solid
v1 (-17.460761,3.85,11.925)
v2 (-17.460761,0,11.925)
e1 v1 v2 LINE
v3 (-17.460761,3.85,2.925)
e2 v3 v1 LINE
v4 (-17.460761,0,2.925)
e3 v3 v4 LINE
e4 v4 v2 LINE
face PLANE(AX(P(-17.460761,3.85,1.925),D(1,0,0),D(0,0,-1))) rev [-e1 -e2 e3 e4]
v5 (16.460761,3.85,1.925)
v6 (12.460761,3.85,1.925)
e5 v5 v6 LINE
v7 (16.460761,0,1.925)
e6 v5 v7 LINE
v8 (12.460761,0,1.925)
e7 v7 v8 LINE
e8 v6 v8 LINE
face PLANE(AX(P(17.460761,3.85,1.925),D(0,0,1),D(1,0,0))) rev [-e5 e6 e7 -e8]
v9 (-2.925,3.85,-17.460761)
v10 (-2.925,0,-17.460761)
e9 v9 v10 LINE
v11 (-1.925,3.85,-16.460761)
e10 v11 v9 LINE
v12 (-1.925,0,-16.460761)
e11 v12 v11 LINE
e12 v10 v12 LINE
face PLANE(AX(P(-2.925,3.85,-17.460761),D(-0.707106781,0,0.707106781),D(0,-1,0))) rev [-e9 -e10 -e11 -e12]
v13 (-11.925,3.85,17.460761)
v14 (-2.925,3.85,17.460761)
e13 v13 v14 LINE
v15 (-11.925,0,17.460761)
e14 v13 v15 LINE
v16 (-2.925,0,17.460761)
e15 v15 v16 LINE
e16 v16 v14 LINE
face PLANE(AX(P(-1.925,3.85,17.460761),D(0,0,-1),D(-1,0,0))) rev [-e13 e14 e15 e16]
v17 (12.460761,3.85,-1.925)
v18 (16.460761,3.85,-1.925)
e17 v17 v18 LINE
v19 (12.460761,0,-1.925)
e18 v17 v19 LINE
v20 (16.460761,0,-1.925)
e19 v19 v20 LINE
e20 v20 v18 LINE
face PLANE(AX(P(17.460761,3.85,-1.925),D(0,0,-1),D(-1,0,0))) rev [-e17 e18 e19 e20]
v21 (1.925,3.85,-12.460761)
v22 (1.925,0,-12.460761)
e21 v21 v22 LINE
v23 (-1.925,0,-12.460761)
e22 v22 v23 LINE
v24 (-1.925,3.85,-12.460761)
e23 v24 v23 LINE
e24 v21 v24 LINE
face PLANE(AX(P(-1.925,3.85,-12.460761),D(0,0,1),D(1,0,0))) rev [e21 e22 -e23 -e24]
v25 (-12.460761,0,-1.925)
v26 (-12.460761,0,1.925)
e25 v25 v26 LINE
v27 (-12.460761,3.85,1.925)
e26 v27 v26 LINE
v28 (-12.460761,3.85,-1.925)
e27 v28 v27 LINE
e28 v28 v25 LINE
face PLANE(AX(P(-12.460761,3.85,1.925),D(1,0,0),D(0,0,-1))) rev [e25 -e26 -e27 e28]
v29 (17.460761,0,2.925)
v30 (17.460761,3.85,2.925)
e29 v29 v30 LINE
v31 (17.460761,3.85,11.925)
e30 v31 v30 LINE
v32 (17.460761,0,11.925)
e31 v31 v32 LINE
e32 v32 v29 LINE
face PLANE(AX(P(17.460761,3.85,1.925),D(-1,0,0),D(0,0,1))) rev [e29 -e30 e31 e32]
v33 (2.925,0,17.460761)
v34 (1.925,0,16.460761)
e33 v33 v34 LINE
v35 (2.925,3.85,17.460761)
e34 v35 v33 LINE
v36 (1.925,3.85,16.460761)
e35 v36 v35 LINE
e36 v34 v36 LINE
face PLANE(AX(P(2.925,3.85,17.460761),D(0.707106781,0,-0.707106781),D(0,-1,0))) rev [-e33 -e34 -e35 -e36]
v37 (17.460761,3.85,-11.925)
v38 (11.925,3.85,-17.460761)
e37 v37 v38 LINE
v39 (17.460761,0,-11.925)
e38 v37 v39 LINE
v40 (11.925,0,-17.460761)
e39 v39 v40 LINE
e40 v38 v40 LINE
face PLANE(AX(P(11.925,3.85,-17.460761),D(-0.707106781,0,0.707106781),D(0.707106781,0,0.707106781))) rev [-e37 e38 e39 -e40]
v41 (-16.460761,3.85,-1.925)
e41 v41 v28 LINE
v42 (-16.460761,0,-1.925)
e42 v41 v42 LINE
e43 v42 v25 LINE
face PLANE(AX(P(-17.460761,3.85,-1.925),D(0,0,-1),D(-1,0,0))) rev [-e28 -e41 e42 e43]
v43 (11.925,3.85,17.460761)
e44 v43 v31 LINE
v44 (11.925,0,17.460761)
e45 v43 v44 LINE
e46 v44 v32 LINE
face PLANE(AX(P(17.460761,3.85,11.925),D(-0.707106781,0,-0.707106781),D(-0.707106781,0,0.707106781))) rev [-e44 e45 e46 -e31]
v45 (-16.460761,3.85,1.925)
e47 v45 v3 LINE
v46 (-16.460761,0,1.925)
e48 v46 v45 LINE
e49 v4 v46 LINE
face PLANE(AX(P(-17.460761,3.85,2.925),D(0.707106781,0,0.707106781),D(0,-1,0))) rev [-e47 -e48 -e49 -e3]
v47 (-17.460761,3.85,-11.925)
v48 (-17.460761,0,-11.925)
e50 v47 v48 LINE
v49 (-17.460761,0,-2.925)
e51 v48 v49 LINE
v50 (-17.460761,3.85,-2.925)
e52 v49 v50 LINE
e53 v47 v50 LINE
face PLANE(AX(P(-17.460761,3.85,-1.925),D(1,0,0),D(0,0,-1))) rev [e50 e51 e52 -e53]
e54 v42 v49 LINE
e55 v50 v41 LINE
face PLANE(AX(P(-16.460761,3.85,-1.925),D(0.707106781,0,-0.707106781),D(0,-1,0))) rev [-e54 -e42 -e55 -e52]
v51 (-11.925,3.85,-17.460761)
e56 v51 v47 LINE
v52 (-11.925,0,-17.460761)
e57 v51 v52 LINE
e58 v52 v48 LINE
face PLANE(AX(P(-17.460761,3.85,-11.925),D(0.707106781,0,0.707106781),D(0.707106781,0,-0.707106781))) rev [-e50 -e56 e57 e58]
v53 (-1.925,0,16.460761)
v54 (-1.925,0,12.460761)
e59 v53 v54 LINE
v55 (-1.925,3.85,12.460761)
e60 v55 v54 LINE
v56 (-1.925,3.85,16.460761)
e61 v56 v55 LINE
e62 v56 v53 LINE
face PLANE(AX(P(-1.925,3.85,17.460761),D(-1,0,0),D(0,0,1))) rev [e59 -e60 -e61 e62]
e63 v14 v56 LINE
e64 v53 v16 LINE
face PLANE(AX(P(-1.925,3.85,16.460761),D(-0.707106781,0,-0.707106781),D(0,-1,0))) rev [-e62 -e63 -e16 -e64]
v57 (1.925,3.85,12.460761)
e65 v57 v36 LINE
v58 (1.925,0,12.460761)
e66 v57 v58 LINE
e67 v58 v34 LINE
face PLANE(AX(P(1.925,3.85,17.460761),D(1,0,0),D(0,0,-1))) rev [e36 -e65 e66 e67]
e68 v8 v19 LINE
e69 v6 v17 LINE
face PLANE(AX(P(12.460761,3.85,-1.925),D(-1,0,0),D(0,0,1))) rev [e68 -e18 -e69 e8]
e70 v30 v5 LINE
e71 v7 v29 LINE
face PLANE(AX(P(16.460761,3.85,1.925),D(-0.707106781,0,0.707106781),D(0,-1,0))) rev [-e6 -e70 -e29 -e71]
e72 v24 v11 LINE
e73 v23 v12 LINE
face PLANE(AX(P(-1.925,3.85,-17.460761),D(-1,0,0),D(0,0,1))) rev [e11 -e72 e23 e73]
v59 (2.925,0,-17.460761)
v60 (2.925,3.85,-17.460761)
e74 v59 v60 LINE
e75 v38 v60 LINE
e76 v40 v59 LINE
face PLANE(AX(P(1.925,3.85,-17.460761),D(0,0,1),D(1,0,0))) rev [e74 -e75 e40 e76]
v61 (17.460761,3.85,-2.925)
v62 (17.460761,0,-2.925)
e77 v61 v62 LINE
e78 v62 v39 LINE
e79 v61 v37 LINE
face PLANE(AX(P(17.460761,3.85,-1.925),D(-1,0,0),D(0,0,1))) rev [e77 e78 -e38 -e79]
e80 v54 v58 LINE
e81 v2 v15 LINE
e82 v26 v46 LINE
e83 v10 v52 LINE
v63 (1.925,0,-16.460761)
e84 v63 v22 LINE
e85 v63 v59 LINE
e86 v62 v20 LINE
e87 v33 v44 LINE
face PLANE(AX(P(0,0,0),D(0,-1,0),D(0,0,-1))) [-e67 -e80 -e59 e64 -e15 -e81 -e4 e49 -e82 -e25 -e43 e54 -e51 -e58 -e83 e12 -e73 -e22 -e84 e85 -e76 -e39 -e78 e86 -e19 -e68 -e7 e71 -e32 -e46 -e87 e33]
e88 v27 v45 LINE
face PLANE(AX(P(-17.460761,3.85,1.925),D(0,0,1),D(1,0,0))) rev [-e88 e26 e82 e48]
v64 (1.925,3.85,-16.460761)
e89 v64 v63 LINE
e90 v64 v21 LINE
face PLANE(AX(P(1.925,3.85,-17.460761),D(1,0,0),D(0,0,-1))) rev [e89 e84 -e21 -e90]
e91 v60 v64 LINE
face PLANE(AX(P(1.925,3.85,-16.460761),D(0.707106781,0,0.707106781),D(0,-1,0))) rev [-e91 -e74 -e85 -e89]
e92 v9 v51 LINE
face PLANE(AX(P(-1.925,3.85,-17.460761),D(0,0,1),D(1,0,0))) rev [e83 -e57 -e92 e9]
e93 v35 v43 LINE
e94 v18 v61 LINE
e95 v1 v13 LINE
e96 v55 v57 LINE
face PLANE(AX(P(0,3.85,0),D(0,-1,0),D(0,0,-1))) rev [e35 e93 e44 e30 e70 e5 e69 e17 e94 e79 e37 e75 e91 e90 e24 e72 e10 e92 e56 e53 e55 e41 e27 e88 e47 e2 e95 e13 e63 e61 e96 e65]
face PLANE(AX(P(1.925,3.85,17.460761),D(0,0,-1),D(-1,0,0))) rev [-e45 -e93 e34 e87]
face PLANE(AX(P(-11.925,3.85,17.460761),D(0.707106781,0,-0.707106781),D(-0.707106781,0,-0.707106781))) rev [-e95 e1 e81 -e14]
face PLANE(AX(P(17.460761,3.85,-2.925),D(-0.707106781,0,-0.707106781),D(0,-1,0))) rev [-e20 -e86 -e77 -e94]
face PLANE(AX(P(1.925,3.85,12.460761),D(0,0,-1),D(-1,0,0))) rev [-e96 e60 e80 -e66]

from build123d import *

# Parameters (mm, degrees)
BOSS_EXTRUDE1_DEPTH = 3.85
CHAMFER1_SIZE       = 1


with BuildPart() as part:
    # Sketch1 → Boss-Extrude1 (new body)
    with BuildSketch(Plane(origin=(0, 0, 0), x_dir=(1, 0, 0), z_dir=(0, 1, 0))):
        Polygon((17.46076087, -11.925), (11.925, -17.46076087), (1.925, -17.46076087), (1.925, -12.46076087), (-1.925, -12.46076087), (-1.925, -17.46076087), (-11.925, -17.46076087), (-17.46076087, -11.925), (-17.46076087, -1.925), (-12.46076087, -1.925), (-12.46076087, 1.925), (-17.46076087, 1.925), (-17.46076087, 11.925), (-11.925, 17.46076087), (-1.925, 17.46076087), (-1.925, 12.46076087), (1.925, 12.46076087), (1.925, 17.46076087), (11.925, 17.46076087), (17.46076087, 11.925), (17.46076087, 1.925), (12.46076087, 1.925), (12.46076087, -1.925), (17.46076087, -1.925), align=None)
    extrude(amount=BOSS_EXTRUDE1_DEPTH)

    # Chamfer1
    chamfer1_edges = [part.edges().sort_by_distance(p)[0] for p in [
        (17.46076087, 1.925, -1.925),
        (17.46076087, 1.925, 1.925),
        (1.925, 1.925, 17.46076087),
        (-1.925, 1.925, 17.46076087),
        (-17.46076087, 1.925, 1.925),
        (-17.46076087, 1.925, -1.925),
        (-1.925, 1.925, -17.46076087),
        (1.925, 1.925, -17.46076087),
    ]]
    chamfer(chamfer1_edges, length=CHAMFER1_SIZE)


solid = part.part
